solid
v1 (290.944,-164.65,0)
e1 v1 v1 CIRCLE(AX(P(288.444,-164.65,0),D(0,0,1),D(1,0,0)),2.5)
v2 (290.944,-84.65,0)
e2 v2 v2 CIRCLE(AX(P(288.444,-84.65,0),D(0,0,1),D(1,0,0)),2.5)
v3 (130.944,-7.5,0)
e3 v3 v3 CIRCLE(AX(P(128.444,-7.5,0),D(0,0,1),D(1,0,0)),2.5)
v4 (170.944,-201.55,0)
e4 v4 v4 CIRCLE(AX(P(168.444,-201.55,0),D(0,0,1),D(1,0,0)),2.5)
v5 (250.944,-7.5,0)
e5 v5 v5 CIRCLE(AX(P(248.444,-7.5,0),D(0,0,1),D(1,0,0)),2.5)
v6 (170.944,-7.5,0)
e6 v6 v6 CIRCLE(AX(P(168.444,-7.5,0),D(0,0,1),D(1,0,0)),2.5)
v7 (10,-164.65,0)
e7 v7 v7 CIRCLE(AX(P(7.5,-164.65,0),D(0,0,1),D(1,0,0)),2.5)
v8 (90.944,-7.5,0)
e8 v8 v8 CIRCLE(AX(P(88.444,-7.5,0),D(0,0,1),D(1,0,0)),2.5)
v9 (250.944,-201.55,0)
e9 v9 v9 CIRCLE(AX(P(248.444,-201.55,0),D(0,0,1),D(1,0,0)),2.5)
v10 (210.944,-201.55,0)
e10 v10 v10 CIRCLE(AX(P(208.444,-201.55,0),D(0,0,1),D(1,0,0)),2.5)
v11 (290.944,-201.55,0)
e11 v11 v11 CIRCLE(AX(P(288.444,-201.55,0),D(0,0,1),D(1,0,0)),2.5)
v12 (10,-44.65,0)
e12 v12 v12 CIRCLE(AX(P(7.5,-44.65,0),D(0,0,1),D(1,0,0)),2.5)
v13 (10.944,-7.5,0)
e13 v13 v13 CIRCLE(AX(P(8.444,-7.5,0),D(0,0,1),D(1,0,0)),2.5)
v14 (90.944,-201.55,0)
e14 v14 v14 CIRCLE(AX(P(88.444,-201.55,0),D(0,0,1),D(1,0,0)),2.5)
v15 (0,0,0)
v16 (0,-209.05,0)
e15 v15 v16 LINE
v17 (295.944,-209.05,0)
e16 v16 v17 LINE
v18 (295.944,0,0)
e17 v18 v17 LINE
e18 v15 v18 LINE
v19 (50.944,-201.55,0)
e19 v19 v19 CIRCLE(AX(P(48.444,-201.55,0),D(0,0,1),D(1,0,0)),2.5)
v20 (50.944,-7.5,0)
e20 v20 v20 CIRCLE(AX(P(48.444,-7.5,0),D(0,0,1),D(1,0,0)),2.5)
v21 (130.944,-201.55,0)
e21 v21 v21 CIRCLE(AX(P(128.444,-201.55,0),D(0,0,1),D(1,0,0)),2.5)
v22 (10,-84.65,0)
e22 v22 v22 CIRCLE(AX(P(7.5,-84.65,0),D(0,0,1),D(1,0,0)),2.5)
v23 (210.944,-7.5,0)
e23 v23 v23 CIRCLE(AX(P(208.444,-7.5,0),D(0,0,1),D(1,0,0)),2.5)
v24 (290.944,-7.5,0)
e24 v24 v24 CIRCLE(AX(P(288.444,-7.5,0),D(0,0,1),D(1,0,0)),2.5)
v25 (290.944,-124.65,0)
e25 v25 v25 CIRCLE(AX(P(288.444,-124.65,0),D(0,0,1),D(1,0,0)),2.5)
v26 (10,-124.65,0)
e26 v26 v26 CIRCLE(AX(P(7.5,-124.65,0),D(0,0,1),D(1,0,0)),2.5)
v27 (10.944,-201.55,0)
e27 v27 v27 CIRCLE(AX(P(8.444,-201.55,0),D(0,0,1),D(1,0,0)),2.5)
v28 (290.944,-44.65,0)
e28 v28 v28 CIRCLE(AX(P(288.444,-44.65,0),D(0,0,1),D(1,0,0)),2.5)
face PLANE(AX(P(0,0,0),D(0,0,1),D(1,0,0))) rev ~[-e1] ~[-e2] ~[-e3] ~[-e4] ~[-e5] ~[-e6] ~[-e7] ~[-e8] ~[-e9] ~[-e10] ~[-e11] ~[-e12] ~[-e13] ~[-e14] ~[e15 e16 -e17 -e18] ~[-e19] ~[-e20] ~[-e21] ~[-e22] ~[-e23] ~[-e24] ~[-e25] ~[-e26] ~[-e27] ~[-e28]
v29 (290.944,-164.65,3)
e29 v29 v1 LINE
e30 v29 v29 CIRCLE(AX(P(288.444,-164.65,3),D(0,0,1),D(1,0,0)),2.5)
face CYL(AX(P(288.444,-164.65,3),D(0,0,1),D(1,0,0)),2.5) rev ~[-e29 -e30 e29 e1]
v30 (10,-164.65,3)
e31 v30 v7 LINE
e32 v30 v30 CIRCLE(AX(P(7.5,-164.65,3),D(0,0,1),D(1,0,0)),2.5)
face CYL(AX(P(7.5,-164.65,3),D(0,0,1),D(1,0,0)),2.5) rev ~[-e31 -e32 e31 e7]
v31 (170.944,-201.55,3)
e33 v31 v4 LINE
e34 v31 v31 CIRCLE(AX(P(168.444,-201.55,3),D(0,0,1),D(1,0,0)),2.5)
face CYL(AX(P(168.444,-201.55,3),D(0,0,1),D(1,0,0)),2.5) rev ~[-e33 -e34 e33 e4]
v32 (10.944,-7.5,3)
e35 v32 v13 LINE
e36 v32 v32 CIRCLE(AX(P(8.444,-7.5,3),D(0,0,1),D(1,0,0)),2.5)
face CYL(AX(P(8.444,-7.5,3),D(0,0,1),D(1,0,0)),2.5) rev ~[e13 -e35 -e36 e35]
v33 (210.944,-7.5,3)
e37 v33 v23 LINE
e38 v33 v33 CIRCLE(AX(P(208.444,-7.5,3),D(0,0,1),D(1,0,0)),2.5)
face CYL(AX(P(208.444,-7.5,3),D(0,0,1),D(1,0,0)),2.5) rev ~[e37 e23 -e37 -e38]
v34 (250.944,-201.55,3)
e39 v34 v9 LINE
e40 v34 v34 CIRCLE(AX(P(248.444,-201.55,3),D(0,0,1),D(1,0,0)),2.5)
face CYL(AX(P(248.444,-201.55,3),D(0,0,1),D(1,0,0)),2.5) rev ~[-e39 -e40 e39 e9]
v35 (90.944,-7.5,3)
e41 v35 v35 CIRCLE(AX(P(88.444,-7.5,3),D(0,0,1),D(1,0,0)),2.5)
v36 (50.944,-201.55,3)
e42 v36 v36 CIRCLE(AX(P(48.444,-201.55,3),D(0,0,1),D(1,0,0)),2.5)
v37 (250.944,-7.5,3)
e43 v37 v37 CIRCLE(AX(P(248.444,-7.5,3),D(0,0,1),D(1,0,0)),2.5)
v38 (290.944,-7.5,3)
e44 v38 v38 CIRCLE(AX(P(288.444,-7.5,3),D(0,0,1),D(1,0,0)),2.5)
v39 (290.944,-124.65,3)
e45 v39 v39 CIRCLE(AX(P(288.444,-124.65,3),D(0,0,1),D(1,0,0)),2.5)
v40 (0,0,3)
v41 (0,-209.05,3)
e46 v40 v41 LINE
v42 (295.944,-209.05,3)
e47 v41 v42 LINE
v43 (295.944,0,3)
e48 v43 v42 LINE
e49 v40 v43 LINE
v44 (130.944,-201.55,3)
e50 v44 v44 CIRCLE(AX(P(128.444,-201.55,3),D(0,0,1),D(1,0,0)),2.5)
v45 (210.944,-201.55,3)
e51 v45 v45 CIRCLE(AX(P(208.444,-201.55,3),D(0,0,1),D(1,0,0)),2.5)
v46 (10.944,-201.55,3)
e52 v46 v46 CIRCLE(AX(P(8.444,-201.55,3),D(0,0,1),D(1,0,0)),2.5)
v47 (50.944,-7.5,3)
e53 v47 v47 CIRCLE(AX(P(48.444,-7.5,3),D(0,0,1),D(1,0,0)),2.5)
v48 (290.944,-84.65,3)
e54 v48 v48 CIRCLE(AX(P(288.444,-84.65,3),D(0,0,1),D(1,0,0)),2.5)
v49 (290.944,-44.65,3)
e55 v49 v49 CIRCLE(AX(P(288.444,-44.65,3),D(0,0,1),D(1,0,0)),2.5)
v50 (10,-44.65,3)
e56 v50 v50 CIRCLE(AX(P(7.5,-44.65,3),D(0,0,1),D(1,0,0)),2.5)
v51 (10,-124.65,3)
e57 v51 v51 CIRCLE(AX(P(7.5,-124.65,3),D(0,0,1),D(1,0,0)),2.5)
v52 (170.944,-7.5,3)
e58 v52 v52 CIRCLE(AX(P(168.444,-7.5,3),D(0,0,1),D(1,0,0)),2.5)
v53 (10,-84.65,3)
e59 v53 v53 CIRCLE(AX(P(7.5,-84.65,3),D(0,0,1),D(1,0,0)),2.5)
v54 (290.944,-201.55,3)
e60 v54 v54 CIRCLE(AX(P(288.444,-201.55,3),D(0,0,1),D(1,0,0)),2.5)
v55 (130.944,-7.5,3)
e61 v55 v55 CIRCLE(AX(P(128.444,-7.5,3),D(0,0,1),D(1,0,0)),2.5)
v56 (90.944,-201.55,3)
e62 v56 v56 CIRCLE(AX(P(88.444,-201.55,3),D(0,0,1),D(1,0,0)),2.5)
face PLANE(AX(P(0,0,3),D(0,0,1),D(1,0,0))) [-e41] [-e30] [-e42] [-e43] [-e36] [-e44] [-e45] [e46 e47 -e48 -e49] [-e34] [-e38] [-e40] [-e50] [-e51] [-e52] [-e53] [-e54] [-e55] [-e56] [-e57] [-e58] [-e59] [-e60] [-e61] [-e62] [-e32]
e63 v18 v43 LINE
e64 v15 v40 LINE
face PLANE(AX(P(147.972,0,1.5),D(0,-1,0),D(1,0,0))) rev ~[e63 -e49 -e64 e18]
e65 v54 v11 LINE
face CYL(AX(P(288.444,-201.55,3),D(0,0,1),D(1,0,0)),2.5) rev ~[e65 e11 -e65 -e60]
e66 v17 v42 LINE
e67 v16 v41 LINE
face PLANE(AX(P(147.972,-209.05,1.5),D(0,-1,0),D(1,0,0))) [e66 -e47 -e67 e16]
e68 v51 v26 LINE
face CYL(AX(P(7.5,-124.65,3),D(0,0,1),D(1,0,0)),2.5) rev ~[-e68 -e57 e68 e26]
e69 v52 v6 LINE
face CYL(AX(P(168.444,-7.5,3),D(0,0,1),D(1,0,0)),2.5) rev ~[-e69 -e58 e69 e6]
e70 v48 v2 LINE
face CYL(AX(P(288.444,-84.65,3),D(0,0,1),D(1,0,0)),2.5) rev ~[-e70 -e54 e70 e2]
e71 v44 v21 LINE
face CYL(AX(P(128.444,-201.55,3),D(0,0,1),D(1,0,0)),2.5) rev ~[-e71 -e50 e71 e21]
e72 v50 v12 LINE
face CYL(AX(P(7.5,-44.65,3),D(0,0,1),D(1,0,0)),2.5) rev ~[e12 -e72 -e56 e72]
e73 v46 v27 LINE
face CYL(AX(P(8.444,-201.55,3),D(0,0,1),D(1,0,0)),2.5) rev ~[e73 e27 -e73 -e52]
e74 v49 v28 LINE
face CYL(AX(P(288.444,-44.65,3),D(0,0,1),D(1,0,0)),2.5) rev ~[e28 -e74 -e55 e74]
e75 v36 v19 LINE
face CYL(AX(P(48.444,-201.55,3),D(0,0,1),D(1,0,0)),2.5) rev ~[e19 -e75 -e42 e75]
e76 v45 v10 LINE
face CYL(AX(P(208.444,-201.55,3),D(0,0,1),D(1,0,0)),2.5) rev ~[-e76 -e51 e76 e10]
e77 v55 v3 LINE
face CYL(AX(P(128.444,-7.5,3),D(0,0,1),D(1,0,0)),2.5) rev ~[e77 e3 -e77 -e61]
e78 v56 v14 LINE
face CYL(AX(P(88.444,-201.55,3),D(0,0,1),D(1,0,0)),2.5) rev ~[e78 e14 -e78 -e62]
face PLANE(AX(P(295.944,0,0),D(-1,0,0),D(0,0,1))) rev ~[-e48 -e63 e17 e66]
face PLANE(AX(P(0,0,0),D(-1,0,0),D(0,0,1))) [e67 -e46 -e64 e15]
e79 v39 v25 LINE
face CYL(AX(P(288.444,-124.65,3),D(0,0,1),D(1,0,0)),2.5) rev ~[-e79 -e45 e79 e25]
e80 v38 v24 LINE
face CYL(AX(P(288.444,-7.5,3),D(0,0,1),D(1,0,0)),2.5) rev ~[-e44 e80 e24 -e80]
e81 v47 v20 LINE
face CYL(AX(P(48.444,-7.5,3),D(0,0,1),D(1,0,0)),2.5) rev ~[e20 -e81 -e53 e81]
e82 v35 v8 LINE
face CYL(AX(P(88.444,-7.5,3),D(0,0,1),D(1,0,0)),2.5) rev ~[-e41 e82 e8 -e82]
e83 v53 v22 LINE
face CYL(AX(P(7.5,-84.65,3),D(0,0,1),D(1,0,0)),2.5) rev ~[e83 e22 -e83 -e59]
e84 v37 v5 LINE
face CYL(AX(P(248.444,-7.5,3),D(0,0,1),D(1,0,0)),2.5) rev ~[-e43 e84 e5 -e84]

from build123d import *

# Parameters (mm, degrees)
F0_W     = 295.944
F0_H     = 3
F1_DEPTH = 209.05
F2_R     = 2.5
F3_DEPTH = 3


with BuildPart() as f1:
    # F0 (on Front) → F1 (new body)
    with BuildSketch(Plane.XZ):
        with Locations((147.972, 1.5)):
            Rectangle(F0_W, F0_H)
    extrude(amount=F1_DEPTH)

    # F2 (on face) → F3 (cut, through all)
    with BuildSketch(Plane.XY.offset(3)):
        with Locations((288.444, -44.65)):
            Circle(F2_R)
        with Locations((288.444, -84.65)):
            Circle(F2_R)
        with Locations((288.444, -164.65)):
            Circle(F2_R)
        with Locations((288.444, -124.65)):
            Circle(F2_R)
        with Locations((288.444, -201.55)):
            Circle(F2_R)
        with Locations((248.444, -201.55)):
            Circle(F2_R)
        with Locations((208.444, -201.55)):
            Circle(F2_R)
        with Locations((168.444, -201.55)):
            Circle(F2_R)
        with Locations((128.444, -201.55)):
            Circle(F2_R)
        with Locations((88.444, -201.55)):
            Circle(F2_R)
        with Locations((48.444, -201.55)):
            Circle(F2_R)
        with Locations((8.444, -201.55)):
            Circle(F2_R)
        with Locations((7.5, -164.65)):
            Circle(F2_R)
        with Locations((7.5, -124.65)):
            Circle(F2_R)
        with Locations((7.5, -84.65)):
            Circle(F2_R)
        with Locations((7.5, -44.65)):
            Circle(F2_R)
        with Locations((8.444, -7.5)):
            Circle(F2_R)
        with Locations((48.444, -7.5)):
            Circle(F2_R)
        with Locations((88.444, -7.5)):
            Circle(F2_R)
        with Locations((128.444, -7.5)):
            Circle(F2_R)
        with Locations((168.444, -7.5)):
            Circle(F2_R)
        with Locations((208.444, -7.5)):
            Circle(F2_R)
        with Locations((248.444, -7.5)):
            Circle(F2_R)
        with Locations((288.444, -7.5)):
            Circle(F2_R)
    extrude(amount=-F3_DEPTH, mode=Mode.SUBTRACT)


solid = f1.part
